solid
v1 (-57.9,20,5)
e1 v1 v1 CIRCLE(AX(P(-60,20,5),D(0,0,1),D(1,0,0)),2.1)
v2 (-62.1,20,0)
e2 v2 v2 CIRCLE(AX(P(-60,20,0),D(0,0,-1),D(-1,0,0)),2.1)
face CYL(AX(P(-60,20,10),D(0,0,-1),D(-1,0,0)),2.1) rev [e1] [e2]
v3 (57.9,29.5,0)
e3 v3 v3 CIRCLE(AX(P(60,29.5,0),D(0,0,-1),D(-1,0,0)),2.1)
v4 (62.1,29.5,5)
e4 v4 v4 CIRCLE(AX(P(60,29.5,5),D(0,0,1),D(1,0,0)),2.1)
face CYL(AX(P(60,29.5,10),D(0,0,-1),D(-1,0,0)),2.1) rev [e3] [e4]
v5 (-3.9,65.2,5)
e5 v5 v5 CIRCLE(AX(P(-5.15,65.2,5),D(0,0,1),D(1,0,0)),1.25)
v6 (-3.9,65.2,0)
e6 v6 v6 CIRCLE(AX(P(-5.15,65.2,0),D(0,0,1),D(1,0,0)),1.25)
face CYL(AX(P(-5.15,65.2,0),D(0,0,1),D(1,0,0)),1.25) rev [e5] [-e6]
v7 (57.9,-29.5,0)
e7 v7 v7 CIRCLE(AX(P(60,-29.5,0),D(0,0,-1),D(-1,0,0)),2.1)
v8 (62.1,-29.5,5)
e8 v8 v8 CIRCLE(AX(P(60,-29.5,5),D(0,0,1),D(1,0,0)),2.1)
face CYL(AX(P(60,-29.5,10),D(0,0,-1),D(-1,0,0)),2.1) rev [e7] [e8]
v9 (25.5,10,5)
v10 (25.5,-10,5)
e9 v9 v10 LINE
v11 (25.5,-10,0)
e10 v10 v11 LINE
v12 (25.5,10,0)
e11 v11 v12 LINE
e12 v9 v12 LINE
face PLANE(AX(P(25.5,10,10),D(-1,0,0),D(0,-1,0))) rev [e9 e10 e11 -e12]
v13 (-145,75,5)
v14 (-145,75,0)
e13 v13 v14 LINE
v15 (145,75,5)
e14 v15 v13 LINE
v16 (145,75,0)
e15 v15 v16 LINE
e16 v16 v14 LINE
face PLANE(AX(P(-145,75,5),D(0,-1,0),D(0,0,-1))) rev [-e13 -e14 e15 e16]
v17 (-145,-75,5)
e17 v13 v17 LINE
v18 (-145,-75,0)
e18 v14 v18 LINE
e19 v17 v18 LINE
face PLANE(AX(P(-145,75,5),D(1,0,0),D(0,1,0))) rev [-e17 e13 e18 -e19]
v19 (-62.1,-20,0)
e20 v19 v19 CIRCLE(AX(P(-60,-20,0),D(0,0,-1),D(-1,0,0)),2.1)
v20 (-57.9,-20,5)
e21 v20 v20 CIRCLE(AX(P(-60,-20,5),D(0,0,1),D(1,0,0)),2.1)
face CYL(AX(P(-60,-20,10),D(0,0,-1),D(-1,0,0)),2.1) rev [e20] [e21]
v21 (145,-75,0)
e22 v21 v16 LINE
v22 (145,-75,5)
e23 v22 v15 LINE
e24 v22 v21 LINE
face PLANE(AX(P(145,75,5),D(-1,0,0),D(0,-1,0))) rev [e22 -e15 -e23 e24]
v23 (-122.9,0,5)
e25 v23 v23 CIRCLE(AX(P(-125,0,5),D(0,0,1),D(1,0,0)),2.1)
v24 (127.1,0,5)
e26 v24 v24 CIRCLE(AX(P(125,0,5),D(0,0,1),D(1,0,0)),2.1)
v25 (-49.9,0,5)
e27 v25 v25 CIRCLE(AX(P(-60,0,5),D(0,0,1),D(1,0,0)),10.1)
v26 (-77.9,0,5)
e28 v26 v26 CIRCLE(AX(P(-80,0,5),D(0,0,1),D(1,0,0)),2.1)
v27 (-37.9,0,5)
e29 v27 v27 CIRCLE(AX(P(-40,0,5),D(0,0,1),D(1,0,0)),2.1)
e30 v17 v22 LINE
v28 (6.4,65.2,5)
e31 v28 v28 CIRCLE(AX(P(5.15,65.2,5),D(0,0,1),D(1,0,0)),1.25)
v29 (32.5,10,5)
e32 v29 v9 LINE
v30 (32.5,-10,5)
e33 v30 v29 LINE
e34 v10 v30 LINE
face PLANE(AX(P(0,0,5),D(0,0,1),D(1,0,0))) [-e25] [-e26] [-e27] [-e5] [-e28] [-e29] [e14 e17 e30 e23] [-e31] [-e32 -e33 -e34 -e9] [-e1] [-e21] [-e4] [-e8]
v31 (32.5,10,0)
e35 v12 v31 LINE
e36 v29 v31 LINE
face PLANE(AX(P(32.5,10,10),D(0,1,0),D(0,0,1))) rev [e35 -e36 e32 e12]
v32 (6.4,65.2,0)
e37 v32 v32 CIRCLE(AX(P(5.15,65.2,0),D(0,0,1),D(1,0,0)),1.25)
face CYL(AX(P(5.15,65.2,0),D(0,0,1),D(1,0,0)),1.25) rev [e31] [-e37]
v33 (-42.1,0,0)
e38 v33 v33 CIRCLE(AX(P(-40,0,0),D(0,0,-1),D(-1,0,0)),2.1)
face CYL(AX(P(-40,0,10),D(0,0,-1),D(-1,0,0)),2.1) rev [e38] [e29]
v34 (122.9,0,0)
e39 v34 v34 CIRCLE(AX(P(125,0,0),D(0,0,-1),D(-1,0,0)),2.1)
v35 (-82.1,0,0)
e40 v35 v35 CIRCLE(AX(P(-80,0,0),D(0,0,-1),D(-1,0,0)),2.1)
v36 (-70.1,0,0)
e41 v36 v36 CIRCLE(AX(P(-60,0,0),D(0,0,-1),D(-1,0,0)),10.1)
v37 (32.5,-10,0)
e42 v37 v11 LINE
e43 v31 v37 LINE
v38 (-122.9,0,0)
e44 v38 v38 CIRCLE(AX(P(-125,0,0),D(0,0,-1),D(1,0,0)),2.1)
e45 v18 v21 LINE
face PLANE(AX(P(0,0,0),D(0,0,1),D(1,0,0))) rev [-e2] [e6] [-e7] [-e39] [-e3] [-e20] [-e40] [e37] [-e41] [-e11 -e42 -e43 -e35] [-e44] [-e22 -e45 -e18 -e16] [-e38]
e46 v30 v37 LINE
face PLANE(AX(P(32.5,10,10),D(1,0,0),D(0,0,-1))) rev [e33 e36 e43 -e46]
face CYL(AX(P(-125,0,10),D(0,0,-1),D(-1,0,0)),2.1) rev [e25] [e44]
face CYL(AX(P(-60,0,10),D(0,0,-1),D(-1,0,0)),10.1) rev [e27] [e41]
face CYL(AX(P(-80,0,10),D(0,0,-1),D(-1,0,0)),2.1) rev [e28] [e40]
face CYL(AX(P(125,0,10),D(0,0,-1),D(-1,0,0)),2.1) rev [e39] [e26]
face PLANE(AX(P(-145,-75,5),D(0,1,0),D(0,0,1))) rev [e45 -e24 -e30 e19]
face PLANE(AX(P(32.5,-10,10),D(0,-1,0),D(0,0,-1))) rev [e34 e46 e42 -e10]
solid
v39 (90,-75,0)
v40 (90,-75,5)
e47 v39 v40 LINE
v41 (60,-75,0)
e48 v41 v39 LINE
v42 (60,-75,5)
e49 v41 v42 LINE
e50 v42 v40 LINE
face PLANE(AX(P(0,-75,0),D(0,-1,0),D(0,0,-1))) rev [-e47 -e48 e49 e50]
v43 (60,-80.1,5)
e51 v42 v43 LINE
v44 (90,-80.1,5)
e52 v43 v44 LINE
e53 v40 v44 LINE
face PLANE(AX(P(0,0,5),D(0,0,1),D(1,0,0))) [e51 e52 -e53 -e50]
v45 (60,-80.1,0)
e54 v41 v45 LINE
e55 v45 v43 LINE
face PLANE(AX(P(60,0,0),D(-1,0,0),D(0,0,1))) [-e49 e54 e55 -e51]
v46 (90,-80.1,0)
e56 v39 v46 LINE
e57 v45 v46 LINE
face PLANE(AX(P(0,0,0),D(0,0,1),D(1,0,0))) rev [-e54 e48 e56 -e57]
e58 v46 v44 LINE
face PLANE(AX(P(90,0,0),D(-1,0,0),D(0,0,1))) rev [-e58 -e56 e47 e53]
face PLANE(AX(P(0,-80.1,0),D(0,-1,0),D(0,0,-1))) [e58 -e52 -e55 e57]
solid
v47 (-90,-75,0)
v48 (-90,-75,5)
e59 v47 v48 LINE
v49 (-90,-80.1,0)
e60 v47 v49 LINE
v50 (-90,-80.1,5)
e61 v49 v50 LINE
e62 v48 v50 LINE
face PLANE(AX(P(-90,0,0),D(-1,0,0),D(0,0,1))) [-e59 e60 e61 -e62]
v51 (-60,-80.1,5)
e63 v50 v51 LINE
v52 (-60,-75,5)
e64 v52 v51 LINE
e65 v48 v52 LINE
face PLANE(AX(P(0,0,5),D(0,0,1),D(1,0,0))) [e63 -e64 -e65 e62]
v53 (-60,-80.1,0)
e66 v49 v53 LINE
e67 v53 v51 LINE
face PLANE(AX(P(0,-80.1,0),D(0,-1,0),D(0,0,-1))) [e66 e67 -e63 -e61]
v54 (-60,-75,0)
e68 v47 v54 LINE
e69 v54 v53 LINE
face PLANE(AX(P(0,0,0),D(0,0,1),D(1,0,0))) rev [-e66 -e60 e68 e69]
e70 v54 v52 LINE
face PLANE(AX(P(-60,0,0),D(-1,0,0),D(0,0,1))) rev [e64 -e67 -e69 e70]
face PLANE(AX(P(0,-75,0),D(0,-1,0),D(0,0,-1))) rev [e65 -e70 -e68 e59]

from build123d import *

# Parameters (mm, degrees)
SKETCH1_W             = 290
SKETCH1_H             = 150
BOSS_EXTRUDE1_DEPTH   = 5
CUT_EXTRUDE1_DEPTH    = 5
SKETCH3_W             = 30
SKETCH3_H             = 5.1
BOSS_EXTRUDE2_DEPTH   = 5
BOSS_EXTRUDE2_2_DEPTH = 5
SKETCH4_R             = 2.1
CUT_EXTRUDE2_DEPTH    = 10
SKETCH5_R             = 10.1
CUT_EXTRUDE3_DEPTH    = 10
SKETCH6_R             = 2.1
CUT_EXTRUDE4_DEPTH    = 10
SKETCH7_R             = 2.1
CUT_EXTRUDE5_DEPTH    = 10
SKETCH8_W             = 7
SKETCH8_H             = 20
CUT_EXTRUDE6_DEPTH    = 10


with BuildPart() as part:
    # Sketch1 → Boss-Extrude1 (new body)
    with BuildSketch(Plane.XY):
        Rectangle(SKETCH1_W, SKETCH1_H)
    extrude(amount=BOSS_EXTRUDE1_DEPTH)

    # Sketch2 → Cut-Extrude1 (cut)
    with BuildSketch(Plane.XY.offset(5)):
        with BuildLine():
            Line((-6.4, 65.2), (-5.15, 65.2))
            Line((-5.15, 65.2), (-3.9, 65.2))
            ThreePointArc((-3.9, 65.2), (-5.15, 66.45), (-6.4, 65.2))
        make_face()
        with BuildLine():
            Line((-3.9, 65.2), (-5.15, 65.2))
            Line((-5.15, 65.2), (-6.4, 65.2))
            ThreePointArc((-6.4, 65.2), (-5.15, 63.95), (-3.9, 65.2))
        make_face()
        with BuildLine():
            ThreePointArc((6.4, 65.2), (5.15, 66.45), (3.9, 65.2))
            Line((3.9, 65.2), (5.15, 65.2))
            Line((5.15, 65.2), (6.4, 65.2))
        make_face()
        with BuildLine():
            Line((5.15, 65.2), (3.9, 65.2))
            ThreePointArc((3.9, 65.2), (5.15, 63.95), (6.4, 65.2))
            Line((6.4, 65.2), (5.15, 65.2))
        make_face()
    extrude(amount=-CUT_EXTRUDE1_DEPTH, mode=Mode.SUBTRACT)

    # Sketch4 → Cut-Extrude2 (cut)
    with BuildSketch(Plane(origin=(0, 0, 0), x_dir=(-1, 0, 0), z_dir=(0, 0, -1))):
        with Locations((-125, 0)):
            Circle(SKETCH4_R)
        with Locations(Location((125, 0, 0), (0, 0, 180))):
            Circle(SKETCH4_R)
    extrude(amount=-CUT_EXTRUDE2_DEPTH, mode=Mode.SUBTRACT)

    # Sketch5 → Cut-Extrude3 (cut)
    with BuildSketch(Plane(origin=(0, 0, 0), x_dir=(-1, 0, 0), z_dir=(0, 0, -1))):
        with Locations((60, 0)):
            Circle(SKETCH5_R)
    extrude(amount=-CUT_EXTRUDE3_DEPTH, mode=Mode.SUBTRACT)

    # Sketch6 → Cut-Extrude4 (cut)
    with BuildSketch(Plane(origin=(0, 0, 0), x_dir=(-1, 0, 0), z_dir=(0, 0, -1))):
        with Locations((-60, 29.5)):
            Circle(SKETCH6_R)
        with Locations((-60, -29.5)):
            Circle(SKETCH6_R)
    extrude(amount=-CUT_EXTRUDE4_DEPTH, mode=Mode.SUBTRACT)

    # Sketch7 → Cut-Extrude5 (cut)
    with BuildSketch(Plane(origin=(0, 0, 0), x_dir=(-1, 0, 0), z_dir=(0, 0, -1))):
        with Locations((60, 20)):
            Circle(SKETCH7_R)
        with Locations((80, 0)):
            Circle(SKETCH7_R)
        with Locations((60, -20)):
            Circle(SKETCH7_R)
        with Locations((40, 0)):
            Circle(SKETCH7_R)
    extrude(amount=-CUT_EXTRUDE5_DEPTH, mode=Mode.SUBTRACT)

    # Sketch8 → Cut-Extrude6 (cut)
    with BuildSketch(Plane(origin=(0, 0, 0), x_dir=(-1, 0, 0), z_dir=(0, 0, -1))):
        with Locations((-29, 0)):
            Rectangle(SKETCH8_W, SKETCH8_H)
    extrude(amount=-CUT_EXTRUDE6_DEPTH, mode=Mode.SUBTRACT)


with BuildPart() as body_2:
    # Sketch3 → Boss-Extrude2 (new body)
    with BuildSketch(Plane.XY.offset(5)):
        with Locations((-75, -77.55)):
            Rectangle(SKETCH3_W, SKETCH3_H)
    extrude(amount=-BOSS_EXTRUDE2_DEPTH)


with BuildPart() as body_3:
    # Sketch3 → Boss-Extrude2 2 (new body)
    with BuildSketch(Plane.XY.offset(5)):
        with Locations((75, -77.55)):
            Rectangle(SKETCH3_W, SKETCH3_H)
    extrude(amount=-BOSS_EXTRUDE2_2_DEPTH)


solid = Compound([part.part, body_2.part, body_3.part])
